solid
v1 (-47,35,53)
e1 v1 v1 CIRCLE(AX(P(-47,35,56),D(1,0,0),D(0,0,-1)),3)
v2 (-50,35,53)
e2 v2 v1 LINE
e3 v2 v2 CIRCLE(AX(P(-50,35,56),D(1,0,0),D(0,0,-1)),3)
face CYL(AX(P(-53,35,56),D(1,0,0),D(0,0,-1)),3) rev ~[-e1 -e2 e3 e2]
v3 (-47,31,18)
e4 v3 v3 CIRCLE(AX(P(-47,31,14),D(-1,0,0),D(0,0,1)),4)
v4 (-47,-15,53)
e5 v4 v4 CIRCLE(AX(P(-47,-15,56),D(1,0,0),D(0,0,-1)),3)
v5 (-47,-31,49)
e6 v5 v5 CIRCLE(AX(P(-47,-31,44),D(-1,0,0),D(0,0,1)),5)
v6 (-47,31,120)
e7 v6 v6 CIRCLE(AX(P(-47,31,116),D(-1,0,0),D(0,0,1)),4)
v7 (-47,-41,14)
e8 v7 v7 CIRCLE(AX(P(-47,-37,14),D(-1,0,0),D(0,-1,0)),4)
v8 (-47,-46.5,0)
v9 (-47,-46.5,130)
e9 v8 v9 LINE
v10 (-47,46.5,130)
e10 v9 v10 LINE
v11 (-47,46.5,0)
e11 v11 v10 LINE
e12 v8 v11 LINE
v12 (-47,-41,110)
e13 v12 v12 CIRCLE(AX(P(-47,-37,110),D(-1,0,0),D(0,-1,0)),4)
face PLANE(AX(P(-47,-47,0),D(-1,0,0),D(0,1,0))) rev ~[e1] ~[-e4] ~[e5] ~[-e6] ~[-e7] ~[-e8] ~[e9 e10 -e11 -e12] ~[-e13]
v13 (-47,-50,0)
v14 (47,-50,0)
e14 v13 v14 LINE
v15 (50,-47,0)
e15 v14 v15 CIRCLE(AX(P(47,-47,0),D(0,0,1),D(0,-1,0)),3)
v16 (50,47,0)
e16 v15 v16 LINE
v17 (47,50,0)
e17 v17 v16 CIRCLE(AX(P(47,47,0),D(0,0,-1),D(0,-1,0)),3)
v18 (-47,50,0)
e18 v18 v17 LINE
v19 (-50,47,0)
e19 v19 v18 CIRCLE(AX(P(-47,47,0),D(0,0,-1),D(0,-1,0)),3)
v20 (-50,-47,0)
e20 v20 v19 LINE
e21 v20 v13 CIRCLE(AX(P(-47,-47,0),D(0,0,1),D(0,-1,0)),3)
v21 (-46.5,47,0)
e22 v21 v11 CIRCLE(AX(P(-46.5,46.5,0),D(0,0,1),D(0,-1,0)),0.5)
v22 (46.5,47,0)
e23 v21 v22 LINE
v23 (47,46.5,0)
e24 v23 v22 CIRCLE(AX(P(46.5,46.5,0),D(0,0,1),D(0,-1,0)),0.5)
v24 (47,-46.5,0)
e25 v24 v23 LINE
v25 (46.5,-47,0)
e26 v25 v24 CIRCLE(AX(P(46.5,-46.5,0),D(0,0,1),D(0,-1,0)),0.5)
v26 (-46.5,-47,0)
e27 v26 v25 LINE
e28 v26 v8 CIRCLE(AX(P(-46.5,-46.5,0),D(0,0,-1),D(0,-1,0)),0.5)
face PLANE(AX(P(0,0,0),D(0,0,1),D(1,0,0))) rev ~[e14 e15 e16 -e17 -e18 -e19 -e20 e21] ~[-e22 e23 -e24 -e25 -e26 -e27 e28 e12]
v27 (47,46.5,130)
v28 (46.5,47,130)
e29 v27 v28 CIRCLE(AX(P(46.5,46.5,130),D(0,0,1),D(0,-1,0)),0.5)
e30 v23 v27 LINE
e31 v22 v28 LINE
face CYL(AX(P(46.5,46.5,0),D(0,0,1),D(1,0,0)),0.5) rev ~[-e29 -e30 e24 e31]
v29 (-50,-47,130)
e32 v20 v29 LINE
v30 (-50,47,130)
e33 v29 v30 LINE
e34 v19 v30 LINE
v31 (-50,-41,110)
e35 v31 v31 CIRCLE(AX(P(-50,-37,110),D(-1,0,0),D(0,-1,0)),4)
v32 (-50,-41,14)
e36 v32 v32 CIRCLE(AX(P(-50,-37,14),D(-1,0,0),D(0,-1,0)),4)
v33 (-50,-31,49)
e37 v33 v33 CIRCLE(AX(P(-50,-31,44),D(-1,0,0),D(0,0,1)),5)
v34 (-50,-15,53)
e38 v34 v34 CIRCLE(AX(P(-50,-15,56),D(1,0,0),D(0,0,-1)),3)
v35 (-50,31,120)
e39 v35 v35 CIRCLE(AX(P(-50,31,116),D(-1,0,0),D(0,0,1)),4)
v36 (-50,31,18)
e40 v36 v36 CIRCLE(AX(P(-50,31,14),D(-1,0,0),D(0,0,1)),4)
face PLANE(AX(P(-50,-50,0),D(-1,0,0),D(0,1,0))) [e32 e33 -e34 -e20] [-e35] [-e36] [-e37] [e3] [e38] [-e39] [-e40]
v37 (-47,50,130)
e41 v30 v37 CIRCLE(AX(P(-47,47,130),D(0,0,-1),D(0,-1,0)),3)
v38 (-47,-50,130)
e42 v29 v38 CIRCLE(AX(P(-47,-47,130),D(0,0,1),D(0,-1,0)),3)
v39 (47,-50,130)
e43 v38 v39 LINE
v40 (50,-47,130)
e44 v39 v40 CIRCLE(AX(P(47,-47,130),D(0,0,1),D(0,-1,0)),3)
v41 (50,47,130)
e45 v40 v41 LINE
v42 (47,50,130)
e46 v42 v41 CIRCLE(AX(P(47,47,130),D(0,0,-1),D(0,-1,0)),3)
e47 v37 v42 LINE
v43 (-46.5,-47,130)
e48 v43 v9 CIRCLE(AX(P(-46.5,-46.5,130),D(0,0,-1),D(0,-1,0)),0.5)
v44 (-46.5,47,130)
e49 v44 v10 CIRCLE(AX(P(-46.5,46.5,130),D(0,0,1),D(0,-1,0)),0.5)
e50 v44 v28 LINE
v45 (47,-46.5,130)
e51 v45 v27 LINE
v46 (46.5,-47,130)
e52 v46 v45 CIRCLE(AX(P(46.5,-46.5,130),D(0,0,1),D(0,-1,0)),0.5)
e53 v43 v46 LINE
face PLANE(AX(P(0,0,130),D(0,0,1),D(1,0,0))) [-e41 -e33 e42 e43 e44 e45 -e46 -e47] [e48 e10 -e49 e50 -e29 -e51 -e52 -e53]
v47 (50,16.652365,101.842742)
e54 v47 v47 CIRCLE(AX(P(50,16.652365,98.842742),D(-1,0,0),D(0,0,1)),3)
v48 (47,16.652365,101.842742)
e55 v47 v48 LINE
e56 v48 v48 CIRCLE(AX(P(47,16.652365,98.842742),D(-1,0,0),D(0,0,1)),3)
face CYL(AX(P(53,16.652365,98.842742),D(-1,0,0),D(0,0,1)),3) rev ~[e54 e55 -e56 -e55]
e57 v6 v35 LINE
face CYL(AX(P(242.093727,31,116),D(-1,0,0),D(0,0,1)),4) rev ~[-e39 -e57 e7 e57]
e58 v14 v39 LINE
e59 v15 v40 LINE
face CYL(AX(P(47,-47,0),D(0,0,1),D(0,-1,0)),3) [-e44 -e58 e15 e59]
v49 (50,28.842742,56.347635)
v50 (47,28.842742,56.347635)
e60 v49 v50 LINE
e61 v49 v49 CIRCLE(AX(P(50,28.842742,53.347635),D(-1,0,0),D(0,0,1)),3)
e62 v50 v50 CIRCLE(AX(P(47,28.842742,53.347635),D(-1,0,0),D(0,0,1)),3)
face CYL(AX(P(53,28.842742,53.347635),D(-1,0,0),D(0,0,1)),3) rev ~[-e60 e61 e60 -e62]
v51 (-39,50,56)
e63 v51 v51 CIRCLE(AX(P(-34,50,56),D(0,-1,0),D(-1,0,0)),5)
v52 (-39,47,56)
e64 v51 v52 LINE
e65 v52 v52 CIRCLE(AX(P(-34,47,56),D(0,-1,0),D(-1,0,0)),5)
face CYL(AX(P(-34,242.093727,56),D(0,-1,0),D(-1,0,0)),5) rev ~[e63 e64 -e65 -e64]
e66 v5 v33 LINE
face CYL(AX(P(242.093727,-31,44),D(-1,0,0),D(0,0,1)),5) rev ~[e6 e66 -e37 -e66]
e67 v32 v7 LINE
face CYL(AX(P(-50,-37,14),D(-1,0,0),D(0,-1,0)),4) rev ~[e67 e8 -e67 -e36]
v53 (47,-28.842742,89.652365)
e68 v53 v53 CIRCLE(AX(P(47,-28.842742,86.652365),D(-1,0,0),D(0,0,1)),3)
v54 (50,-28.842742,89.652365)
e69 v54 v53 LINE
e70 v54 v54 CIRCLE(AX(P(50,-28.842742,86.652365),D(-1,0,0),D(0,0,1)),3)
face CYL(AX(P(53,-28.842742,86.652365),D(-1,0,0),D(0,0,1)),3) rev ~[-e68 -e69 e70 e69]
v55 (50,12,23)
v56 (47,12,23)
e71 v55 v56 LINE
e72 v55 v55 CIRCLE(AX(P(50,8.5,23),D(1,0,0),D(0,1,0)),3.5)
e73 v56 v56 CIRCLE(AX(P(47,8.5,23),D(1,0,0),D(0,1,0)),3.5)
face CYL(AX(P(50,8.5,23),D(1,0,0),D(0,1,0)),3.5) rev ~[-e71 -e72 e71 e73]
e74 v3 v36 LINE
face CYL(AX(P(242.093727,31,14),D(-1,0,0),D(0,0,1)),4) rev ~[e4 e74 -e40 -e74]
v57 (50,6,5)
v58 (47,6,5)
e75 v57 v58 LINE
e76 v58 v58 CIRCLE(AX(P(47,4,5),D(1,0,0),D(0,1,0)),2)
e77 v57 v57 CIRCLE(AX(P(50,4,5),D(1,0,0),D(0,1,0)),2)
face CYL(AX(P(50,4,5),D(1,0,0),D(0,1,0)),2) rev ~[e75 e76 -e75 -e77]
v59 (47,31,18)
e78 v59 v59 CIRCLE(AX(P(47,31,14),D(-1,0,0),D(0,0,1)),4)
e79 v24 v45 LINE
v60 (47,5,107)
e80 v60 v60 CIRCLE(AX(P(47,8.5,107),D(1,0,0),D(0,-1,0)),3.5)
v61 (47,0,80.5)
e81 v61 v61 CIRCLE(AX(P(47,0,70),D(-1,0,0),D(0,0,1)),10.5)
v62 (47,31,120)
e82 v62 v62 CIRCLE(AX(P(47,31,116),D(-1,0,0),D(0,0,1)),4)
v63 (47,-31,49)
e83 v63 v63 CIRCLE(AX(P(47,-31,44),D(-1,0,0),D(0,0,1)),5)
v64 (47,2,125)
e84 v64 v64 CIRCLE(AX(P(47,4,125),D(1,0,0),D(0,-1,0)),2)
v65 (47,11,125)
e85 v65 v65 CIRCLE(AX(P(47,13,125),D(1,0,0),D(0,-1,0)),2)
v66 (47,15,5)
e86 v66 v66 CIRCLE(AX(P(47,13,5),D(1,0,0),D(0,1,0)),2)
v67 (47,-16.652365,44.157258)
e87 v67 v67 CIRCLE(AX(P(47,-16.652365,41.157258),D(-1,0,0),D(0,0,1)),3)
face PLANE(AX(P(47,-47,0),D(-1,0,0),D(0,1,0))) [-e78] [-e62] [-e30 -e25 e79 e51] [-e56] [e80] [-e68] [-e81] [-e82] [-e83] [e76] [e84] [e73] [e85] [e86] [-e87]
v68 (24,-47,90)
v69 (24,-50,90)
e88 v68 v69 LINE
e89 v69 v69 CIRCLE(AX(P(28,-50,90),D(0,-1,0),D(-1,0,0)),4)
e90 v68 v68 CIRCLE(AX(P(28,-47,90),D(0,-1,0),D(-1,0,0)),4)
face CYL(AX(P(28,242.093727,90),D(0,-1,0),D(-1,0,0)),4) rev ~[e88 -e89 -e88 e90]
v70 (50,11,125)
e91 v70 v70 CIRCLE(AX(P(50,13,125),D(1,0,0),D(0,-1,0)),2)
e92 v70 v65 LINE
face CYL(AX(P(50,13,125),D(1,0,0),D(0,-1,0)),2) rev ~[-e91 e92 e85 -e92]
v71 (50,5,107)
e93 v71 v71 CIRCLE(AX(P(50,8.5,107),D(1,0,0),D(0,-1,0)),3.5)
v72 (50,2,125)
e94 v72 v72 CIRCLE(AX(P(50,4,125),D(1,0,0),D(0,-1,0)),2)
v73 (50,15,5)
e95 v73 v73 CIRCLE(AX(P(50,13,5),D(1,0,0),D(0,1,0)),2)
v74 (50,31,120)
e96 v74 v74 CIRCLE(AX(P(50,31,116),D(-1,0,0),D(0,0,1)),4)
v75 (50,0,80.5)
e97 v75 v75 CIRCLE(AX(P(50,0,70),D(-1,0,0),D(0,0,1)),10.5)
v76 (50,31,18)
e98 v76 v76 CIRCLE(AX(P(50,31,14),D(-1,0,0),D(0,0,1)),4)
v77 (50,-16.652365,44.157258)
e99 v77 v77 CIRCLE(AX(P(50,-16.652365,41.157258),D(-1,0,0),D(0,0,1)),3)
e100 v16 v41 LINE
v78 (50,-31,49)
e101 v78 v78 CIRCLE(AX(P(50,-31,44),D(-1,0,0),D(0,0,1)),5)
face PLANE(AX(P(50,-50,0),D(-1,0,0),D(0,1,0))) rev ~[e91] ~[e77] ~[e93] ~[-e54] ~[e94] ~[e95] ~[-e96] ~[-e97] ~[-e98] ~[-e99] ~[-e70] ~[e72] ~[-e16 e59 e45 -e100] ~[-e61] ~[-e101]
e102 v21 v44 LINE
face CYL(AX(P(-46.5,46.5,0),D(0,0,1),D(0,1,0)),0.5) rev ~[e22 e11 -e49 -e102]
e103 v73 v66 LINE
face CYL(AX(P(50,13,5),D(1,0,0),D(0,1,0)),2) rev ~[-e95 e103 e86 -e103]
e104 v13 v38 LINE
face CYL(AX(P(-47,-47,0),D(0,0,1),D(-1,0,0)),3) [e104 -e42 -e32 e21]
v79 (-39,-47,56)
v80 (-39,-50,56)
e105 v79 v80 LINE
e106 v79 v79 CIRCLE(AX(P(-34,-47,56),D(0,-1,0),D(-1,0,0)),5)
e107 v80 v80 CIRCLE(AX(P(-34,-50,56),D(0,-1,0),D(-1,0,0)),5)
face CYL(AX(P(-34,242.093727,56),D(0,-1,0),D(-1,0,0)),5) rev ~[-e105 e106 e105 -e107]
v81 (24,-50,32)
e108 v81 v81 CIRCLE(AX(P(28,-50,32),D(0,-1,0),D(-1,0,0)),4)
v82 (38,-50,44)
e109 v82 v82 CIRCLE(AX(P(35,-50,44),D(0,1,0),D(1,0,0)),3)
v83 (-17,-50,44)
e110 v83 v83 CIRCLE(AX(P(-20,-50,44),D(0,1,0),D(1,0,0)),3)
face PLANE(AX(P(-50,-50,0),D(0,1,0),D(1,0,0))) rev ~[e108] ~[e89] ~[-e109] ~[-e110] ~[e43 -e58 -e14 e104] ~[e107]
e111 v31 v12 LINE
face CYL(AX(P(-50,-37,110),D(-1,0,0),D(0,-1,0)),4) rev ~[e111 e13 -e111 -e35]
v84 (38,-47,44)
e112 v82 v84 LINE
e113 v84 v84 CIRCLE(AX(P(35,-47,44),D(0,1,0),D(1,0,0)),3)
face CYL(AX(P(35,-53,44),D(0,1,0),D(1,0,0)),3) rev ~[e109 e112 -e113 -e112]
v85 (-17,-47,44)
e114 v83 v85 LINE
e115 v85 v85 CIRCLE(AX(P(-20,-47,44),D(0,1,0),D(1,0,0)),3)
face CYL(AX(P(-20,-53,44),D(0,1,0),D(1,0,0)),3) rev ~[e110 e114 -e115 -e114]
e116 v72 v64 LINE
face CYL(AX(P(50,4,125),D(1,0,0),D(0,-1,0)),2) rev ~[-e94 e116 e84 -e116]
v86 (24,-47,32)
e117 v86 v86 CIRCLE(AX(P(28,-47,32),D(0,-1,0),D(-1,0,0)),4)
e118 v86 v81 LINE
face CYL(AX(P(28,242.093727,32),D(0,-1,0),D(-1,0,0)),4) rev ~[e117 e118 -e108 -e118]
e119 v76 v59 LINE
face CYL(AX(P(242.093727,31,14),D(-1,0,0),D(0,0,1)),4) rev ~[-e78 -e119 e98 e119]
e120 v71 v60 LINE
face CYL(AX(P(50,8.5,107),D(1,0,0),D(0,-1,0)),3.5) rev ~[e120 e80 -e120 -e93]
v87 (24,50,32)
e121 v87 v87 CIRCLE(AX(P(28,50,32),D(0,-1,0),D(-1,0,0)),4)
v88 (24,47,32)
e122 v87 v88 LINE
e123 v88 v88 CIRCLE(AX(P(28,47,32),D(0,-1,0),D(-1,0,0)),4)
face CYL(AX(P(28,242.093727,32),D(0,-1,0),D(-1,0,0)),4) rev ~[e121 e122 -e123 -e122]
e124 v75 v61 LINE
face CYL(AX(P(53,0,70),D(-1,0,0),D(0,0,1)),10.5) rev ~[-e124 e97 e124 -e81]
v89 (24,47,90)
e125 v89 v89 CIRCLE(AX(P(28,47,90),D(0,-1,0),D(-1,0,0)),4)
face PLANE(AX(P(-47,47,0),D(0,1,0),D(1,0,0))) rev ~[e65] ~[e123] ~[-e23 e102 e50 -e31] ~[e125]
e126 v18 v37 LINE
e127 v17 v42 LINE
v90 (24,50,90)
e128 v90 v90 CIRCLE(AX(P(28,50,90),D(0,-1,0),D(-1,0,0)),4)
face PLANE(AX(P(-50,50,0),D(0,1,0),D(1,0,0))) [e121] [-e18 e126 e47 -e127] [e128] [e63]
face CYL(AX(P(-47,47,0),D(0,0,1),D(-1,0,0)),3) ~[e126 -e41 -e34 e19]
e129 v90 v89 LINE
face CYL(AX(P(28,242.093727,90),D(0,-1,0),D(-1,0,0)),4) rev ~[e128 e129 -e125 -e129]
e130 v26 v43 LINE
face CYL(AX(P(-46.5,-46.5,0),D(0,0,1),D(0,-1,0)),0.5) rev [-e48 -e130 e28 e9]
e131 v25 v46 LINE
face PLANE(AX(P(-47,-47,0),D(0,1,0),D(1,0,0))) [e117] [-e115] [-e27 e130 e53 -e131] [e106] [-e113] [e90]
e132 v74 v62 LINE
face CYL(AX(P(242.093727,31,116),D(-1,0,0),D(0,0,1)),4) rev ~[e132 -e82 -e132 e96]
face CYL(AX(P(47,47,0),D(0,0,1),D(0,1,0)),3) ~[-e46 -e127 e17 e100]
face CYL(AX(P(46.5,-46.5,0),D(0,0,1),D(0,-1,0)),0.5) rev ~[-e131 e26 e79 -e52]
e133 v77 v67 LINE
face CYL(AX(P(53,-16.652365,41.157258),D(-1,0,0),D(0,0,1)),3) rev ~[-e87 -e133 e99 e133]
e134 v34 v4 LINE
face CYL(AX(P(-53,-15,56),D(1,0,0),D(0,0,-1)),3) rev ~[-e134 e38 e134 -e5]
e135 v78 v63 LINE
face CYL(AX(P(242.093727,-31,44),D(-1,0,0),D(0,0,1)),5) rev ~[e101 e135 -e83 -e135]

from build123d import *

# Parameters (mm, degrees)
SKETCH1_W                      = 100
SKETCH1_H                      = 100
SKETCH1_W_2                    = 94
SKETCH1_H_2                    = 94
EXTRUDE_THIN1_DEPTH            = 130
FILLET1_R                      = 0.5
FILLET2_R                      = 3
F_8_0_8_DIAMETER_HOLE2_D       = 8
F_8_0_8_DIAMETER_HOLE3_D       = 8
F_10_0_10_DIAMETER_HOLE1_D     = 10
F_10_0_10_DIAMETER_HOLE2_D     = 10
F_6_0_6_DIAMETER_HOLE2_D       = 6
F_6_0_6_DIAMETER_HOLE2_DEPTH   = 3
F_6_0_6_DIAMETER_HOLE3_D       = 6
F_6_0_6_DIAMETER_HOLE3_DEPTH   = 3
F_21_0_21_DIAMETER_HOLE1_D     = 21
F_21_0_21_DIAMETER_HOLE1_DEPTH = 3
F_6_0_6_DIAMETER_HOLE1_D       = 6
F_6_0_6_DIAMETER_HOLE1_DEPTH   = 3
CUT_EXTRUDE1_REACH             = 173.464
SKETCH27_R                     = 2
SKETCH27_R_2                   = 3.5
CUT_EXTRUDE2_REACH             = 173.464
SKETCH31_R                     = 4


with BuildPart() as part:
    # Sketch1 → Extrude-Thin1 (new body)
    with BuildSketch(Plane.XY):
        Rectangle(SKETCH1_W, SKETCH1_H)
        Rectangle(SKETCH1_W_2, SKETCH1_H_2, mode=Mode.SUBTRACT)
    extrude(amount=EXTRUDE_THIN1_DEPTH)

    # Fillet1
    fillet1_edges = [part.edges().sort_by_distance(p)[0] for p in [
        (47, -47, 65),
        (47, 47, 65),
        (-47, 47, 65),
        (-47, -47, 65),
    ]]
    fillet(fillet1_edges, radius=FILLET1_R)

    # Fillet2
    fillet2_edges = [part.edges().sort_by_distance(p)[0] for p in [
        (50, -50, 65),
        (-50, -50, 65),
        (-50, 50, 65),
        (50, 50, 65),
    ]]
    fillet(fillet2_edges, radius=FILLET2_R)

    # Ø8.0 (8) Diameter Hole2 (through all)
    with Locations(Plane(origin=(0, 50, 0), x_dir=(1, 0, 0), z_dir=(0, 1, 0))):
        with Locations((28, -32), (28, -90)):
            Hole(F_8_0_8_DIAMETER_HOLE2_D / 2)

    # Ø8.0 (8) Diameter Hole3 (through all)
    with Locations(Plane(origin=(50, 0, 0), x_dir=(0, 0, -1), z_dir=(1, 0, 0))):
        with Locations((-14, 31), (-116, 31)):
            Hole(F_8_0_8_DIAMETER_HOLE3_D / 2)

    # Ø10.0 (10) Diameter Hole1 (through all)
    with Locations(Plane(origin=(0, 50, 0), x_dir=(1, 0, 0), z_dir=(0, 1, 0))):
        with Locations((-34, -56)):
            Hole(F_10_0_10_DIAMETER_HOLE1_D / 2)

    # Ø10.0 (10) Diameter Hole2 (through all)
    with Locations(Plane(origin=(50, 0, 0), x_dir=(0, 0, -1), z_dir=(1, 0, 0))):
        with Locations((-44, -31)):
            Hole(F_10_0_10_DIAMETER_HOLE2_D / 2)

    # Ø6.0 (6) Diameter Hole2
    with Locations(Plane.ZY.offset(50)):
        with Locations((56, -15), (56, 35)):
            Hole(F_6_0_6_DIAMETER_HOLE2_D / 2, depth=F_6_0_6_DIAMETER_HOLE2_DEPTH)

    # Ø6.0 (6) Diameter Hole3
    with Locations(Plane(origin=(0, -50, 0), x_dir=(-1, 0, 0), z_dir=(0, -1, 0))):
        with Locations((20, -44), (-35, -44)):
            Hole(F_6_0_6_DIAMETER_HOLE3_D / 2, depth=F_6_0_6_DIAMETER_HOLE3_DEPTH)

    # Ø21.0 (21) Diameter Hole1
    with Locations(Plane(origin=(50, 0, 0), x_dir=(0, 0, -1), z_dir=(1, 0, 0))):
        with Locations((-70, 0)):
            Hole(F_21_0_21_DIAMETER_HOLE1_D / 2, depth=F_21_0_21_DIAMETER_HOLE1_DEPTH)

    # Ø6.0 (6) Diameter Hole1
    with Locations(Plane(origin=(50, 0, 0), x_dir=(0, 0, -1), z_dir=(1, 0, 0))):
        with Locations((-41.157258279, -16.652364697), (-53.347635303, 28.842741721), (-98.842741721, 16.652364697), (-86.652364697, -28.842741721)):
            Hole(F_6_0_6_DIAMETER_HOLE1_D / 2, depth=F_6_0_6_DIAMETER_HOLE1_DEPTH)

    # Sketch27 → Cut-Extrude1 (cut, up to next)
    with BuildSketch(Plane(origin=(50, 0, 0), x_dir=(0, 0, -1), z_dir=(1, 0, 0)), mode=Mode.PRIVATE) as cut_extrude1_sk1:
        with Locations(Location((-5, 13, 0), (0, 0, 90))):
            Circle(SKETCH27_R)
    cut_extrude1_tool1 = extrude(cut_extrude1_sk1.sketch, amount=-CUT_EXTRUDE1_REACH, mode=Mode.PRIVATE) & part.part
    # Sketch27 → Cut-Extrude1 (cut, up to next)
    with BuildSketch(Plane(origin=(50, 0, 0), x_dir=(0, 0, -1), z_dir=(1, 0, 0)), mode=Mode.PRIVATE) as cut_extrude1_sk2:
        with Locations(Location((-5, 4, 0), (0, 0, 90))):
            Circle(SKETCH27_R)
    cut_extrude1_tool2 = extrude(cut_extrude1_sk2.sketch, amount=-CUT_EXTRUDE1_REACH, mode=Mode.PRIVATE) & part.part
    # Sketch27 → Cut-Extrude1 (cut, up to next)
    with BuildSketch(Plane(origin=(50, 0, 0), x_dir=(0, 0, -1), z_dir=(1, 0, 0)), mode=Mode.PRIVATE) as cut_extrude1_sk3:
        with Locations(Location((-23, 8.5, 0), (0, 0, 90))):
            Circle(SKETCH27_R_2)
    cut_extrude1_tool3 = extrude(cut_extrude1_sk3.sketch, amount=-CUT_EXTRUDE1_REACH, mode=Mode.PRIVATE) & part.part
    # Sketch27 → Cut-Extrude1 (cut, up to next)
    with BuildSketch(Plane(origin=(50, 0, 0), x_dir=(0, 0, -1), z_dir=(1, 0, 0)), mode=Mode.PRIVATE) as cut_extrude1_sk4:
        with Locations(Location((-107, 8.5, 0), (0, 0, 270))):
            Circle(SKETCH27_R_2)
    cut_extrude1_tool4 = extrude(cut_extrude1_sk4.sketch, amount=-CUT_EXTRUDE1_REACH, mode=Mode.PRIVATE) & part.part
    # Sketch27 → Cut-Extrude1 (cut, up to next)
    with BuildSketch(Plane(origin=(50, 0, 0), x_dir=(0, 0, -1), z_dir=(1, 0, 0)), mode=Mode.PRIVATE) as cut_extrude1_sk5:
        with Locations(Location((-125, 4, 0), (0, 0, 270))):
            Circle(SKETCH27_R)
    cut_extrude1_tool5 = extrude(cut_extrude1_sk5.sketch, amount=-CUT_EXTRUDE1_REACH, mode=Mode.PRIVATE) & part.part
    # Sketch27 → Cut-Extrude1 (cut, up to next)
    with BuildSketch(Plane(origin=(50, 0, 0), x_dir=(0, 0, -1), z_dir=(1, 0, 0)), mode=Mode.PRIVATE) as cut_extrude1_sk6:
        with Locations(Location((-125, 13, 0), (0, 0, 270))):
            Circle(SKETCH27_R)
    cut_extrude1_tool6 = extrude(cut_extrude1_sk6.sketch, amount=-CUT_EXTRUDE1_REACH, mode=Mode.PRIVATE) & part.part
    add(cut_extrude1_tool1.solids().sort_by_distance((50, 13, 5))[0], mode=Mode.SUBTRACT)
    add(cut_extrude1_tool2.solids().sort_by_distance((50, 4, 5))[0], mode=Mode.SUBTRACT)
    add(cut_extrude1_tool3.solids().sort_by_distance((50, 8.5, 23))[0], mode=Mode.SUBTRACT)
    add(cut_extrude1_tool4.solids().sort_by_distance((50, 8.5, 107))[0], mode=Mode.SUBTRACT)
    add(cut_extrude1_tool5.solids().sort_by_distance((50, 4, 125))[0], mode=Mode.SUBTRACT)
    add(cut_extrude1_tool6.solids().sort_by_distance((50, 13, 125))[0], mode=Mode.SUBTRACT)

    # Sketch31 → Cut-Extrude2 (cut, up to next)
    with BuildSketch(Plane.ZY.offset(50), mode=Mode.PRIVATE) as cut_extrude2_sk1:
        with Locations(Location((14, -37, 0), (0, 0, 270))):
            Circle(SKETCH31_R)
    cut_extrude2_tool1 = extrude(cut_extrude2_sk1.sketch, amount=-CUT_EXTRUDE2_REACH, mode=Mode.PRIVATE) & part.part
    # Sketch31 → Cut-Extrude2 (cut, up to next)
    with BuildSketch(Plane.ZY.offset(50), mode=Mode.PRIVATE) as cut_extrude2_sk2:
        with Locations(Location((110, -37, 0), (0, 0, 270))):
            Circle(SKETCH31_R)
    cut_extrude2_tool2 = extrude(cut_extrude2_sk2.sketch, amount=-CUT_EXTRUDE2_REACH, mode=Mode.PRIVATE) & part.part
    add(cut_extrude2_tool1.solids().sort_by_distance((-50, -37, 14))[0], mode=Mode.SUBTRACT)
    add(cut_extrude2_tool2.solids().sort_by_distance((-50, -37, 110))[0], mode=Mode.SUBTRACT)


solid = part.part
